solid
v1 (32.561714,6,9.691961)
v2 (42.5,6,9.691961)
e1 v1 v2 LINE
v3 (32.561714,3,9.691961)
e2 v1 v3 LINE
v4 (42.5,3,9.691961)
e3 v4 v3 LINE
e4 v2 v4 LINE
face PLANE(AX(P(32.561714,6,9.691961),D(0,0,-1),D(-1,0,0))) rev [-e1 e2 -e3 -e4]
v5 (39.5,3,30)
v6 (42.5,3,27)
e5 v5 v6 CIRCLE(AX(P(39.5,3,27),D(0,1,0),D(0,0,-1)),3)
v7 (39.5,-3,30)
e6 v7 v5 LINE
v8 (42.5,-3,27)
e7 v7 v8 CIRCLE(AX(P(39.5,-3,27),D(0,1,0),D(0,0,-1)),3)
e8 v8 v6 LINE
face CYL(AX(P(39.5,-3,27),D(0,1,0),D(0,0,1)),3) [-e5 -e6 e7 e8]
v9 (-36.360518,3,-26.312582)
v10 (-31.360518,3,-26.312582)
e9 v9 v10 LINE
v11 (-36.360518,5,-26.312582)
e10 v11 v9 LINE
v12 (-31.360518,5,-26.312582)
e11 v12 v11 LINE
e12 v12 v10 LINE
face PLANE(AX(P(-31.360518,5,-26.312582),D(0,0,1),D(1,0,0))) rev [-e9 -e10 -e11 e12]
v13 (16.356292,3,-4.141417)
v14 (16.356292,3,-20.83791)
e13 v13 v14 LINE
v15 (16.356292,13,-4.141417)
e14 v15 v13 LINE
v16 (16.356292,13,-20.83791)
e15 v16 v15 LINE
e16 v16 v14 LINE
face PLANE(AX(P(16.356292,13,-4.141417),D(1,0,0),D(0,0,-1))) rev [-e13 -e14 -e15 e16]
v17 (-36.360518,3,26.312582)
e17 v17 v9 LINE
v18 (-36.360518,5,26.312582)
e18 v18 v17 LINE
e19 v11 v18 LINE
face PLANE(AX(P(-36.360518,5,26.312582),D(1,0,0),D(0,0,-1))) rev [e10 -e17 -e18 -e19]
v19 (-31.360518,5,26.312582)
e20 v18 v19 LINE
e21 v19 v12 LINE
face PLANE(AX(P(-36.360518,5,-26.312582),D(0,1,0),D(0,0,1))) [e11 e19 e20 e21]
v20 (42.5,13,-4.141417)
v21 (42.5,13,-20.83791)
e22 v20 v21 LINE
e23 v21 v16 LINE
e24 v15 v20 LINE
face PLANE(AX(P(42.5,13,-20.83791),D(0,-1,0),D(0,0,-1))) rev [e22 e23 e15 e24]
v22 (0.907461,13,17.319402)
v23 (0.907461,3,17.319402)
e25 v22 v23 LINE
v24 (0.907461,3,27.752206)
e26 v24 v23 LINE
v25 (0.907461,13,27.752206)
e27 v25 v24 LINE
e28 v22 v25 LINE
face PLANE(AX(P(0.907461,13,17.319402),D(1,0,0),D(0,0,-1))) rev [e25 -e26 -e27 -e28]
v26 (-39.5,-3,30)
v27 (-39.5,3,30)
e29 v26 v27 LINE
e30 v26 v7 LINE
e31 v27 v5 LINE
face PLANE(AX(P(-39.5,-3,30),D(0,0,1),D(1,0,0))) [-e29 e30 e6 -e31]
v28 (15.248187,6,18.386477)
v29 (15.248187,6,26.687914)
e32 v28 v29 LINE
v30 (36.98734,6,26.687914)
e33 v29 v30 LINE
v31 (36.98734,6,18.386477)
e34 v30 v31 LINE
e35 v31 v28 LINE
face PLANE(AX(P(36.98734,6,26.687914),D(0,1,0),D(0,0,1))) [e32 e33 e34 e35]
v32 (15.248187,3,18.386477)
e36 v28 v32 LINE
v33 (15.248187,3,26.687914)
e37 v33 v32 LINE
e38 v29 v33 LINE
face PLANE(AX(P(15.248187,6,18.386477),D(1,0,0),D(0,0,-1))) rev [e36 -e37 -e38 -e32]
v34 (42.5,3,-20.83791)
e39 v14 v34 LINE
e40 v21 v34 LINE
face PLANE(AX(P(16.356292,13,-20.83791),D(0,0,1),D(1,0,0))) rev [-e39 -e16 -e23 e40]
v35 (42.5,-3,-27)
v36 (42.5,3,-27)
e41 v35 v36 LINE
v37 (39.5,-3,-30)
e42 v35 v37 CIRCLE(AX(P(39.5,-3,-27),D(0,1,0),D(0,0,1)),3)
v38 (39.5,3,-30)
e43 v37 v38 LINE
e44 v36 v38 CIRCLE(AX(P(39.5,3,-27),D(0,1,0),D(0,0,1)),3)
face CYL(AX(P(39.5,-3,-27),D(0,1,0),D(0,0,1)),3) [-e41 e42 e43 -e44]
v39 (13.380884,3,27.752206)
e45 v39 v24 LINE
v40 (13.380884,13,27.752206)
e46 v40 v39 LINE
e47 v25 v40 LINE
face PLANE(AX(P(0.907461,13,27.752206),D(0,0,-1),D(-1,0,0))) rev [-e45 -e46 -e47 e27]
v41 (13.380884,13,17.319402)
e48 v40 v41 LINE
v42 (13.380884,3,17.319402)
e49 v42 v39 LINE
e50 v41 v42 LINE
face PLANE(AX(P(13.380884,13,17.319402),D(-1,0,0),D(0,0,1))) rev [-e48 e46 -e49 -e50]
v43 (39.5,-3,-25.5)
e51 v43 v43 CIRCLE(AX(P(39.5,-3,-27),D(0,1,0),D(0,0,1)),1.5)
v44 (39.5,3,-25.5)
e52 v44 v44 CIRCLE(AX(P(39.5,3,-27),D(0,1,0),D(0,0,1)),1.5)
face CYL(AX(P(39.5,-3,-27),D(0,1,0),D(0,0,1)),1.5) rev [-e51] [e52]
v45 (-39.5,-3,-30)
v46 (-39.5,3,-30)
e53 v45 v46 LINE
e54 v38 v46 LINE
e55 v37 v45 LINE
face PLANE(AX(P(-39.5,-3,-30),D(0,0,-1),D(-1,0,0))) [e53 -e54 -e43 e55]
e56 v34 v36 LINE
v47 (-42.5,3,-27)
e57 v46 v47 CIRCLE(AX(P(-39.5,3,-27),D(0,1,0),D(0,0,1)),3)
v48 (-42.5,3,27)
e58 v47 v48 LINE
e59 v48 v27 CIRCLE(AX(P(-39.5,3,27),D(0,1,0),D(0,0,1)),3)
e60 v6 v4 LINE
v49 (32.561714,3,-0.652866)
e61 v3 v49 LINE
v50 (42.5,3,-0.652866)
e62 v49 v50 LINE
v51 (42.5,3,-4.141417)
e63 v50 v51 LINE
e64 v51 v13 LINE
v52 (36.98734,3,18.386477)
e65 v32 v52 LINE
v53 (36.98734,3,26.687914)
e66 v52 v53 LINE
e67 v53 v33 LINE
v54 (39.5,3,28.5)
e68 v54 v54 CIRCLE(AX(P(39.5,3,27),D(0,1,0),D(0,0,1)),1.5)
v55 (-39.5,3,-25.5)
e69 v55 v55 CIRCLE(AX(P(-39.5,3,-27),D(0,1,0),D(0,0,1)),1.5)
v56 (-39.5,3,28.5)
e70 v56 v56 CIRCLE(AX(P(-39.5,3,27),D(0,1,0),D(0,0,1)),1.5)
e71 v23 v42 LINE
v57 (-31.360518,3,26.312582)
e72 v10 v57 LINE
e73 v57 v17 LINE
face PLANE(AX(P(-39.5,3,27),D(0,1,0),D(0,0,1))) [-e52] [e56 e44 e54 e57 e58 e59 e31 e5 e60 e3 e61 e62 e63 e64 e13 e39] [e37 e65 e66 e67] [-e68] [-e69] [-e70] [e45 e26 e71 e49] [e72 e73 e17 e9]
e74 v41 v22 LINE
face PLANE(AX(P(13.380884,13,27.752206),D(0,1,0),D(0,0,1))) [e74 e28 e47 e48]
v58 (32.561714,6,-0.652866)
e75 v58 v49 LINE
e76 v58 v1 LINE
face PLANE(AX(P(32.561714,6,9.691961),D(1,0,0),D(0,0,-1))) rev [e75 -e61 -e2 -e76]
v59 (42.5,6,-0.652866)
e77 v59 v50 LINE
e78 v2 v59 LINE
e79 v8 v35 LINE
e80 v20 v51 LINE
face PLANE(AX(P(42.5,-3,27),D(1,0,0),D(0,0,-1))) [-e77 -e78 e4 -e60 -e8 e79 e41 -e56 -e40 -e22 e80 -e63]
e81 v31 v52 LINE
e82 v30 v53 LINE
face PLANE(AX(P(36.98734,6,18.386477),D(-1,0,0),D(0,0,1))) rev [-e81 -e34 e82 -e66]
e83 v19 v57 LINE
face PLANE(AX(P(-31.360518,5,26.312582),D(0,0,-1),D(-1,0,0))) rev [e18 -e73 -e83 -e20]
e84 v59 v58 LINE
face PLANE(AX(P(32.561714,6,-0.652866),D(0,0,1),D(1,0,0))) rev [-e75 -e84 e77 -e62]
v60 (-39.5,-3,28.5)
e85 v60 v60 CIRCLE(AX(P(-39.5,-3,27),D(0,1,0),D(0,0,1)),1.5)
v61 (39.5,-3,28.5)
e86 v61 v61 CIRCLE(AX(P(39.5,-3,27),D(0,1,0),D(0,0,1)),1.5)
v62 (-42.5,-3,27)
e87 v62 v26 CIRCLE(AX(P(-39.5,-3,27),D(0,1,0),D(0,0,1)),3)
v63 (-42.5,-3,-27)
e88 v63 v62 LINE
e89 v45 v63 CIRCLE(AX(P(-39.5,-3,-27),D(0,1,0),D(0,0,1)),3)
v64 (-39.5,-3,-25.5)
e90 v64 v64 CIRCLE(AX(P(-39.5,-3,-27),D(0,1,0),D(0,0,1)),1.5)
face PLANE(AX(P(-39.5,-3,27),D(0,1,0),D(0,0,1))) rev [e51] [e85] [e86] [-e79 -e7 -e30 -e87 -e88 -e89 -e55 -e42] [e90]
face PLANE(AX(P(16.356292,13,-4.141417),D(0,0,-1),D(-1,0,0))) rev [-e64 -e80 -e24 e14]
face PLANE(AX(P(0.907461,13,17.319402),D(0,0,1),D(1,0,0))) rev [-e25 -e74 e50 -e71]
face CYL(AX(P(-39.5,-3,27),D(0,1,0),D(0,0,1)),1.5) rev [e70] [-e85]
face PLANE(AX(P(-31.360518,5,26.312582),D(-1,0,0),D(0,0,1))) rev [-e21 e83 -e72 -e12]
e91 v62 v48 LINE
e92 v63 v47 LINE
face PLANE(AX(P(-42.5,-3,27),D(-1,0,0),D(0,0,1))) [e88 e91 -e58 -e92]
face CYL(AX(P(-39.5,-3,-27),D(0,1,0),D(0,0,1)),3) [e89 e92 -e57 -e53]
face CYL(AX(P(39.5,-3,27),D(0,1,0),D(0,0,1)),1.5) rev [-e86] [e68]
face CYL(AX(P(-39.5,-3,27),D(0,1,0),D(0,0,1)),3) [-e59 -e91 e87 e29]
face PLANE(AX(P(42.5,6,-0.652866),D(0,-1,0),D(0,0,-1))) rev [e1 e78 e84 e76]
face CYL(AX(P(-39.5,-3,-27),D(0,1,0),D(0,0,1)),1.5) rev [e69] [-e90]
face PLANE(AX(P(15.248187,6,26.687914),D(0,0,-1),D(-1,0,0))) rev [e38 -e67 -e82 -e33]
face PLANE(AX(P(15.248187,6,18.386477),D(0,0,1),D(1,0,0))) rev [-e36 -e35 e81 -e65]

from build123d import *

# Parameters (mm, degrees)
BOSS_EXTRUDE1_DEPTH      = 3
BOSS_EXTRUDE1_DEPTH_BACK = 3
SKETCH1_R                = 1.5
SKETCH2_W                = 5
SKETCH2_H                = 52.625164332
BOSS_EXTRUDE2_DEPTH      = 5
SKETCH3_W                = 26.14370814
SKETCH3_H                = 16.696493178
BOSS_EXTRUDE3_DEPTH      = 13
SKETCH4_W                = 9.938286277
SKETCH4_H                = 10.344826846
BOSS_EXTRUDE4_DEPTH      = 6
SKETCH5_W                = 12.473423639
SKETCH5_H                = 10.432804083
BOSS_EXTRUDE5_DEPTH      = 13
SKETCH6_W                = 21.73915334
SKETCH6_H                = 8.30143682
BOSS_EXTRUDE6_DEPTH      = 6


with BuildPart() as part:
    # Sketch1 → Boss-Extrude1 (new, two sides: drawn at the far end of the back side and taken through both)
    with BuildSketch(Plane(origin=(0, 0, 0), x_dir=(1, 0, 0), z_dir=(0, 1, 0)).offset(-BOSS_EXTRUDE1_DEPTH_BACK)):
        with BuildLine():
            Line((-39.5, -30), (39.5, -30))
            ThreePointArc((39.5, -30), (41.621320344, -29.121320344), (42.5, -27))
            Line((42.5, -27), (42.5, 27))
            ThreePointArc((42.5, 27), (41.621320344, 29.121320344), (39.5, 30))
            Line((39.5, 30), (-39.5, 30))
            ThreePointArc((-39.5, 30), (-41.621320344, 29.121320344), (-42.5, 27))
            Line((-42.5, 27), (-42.5, -27))
            ThreePointArc((-42.5, -27), (-41.621320344, -29.121320344), (-39.5, -30))
        make_face()
        with Locations((-39.5, 27)):
            Circle(SKETCH1_R, mode=Mode.SUBTRACT)
        with Locations((39.5, 27)):
            Circle(SKETCH1_R, mode=Mode.SUBTRACT)
        with Locations((39.5, -27)):
            Circle(SKETCH1_R, mode=Mode.SUBTRACT)
        with Locations((-39.5, -27)):
            Circle(SKETCH1_R, mode=Mode.SUBTRACT)
    extrude(amount=BOSS_EXTRUDE1_DEPTH + BOSS_EXTRUDE1_DEPTH_BACK)

    # Sketch2 → Boss-Extrude2 (add)
    with BuildSketch(Plane(origin=(0, 0, 0), x_dir=(1, 0, 0), z_dir=(0, 1, 0))):
        with Locations((-33.860518443, 0)):
            Rectangle(SKETCH2_W, SKETCH2_H)
    extrude(amount=BOSS_EXTRUDE2_DEPTH)

    # Sketch3 → Boss-Extrude3 (add)
    with BuildSketch(Plane(origin=(0, 0, 0), x_dir=(1, 0, 0), z_dir=(0, 1, 0))):
        with Locations((29.42814593, 12.489663364)):
            Rectangle(SKETCH3_W, SKETCH3_H)
    extrude(amount=BOSS_EXTRUDE3_DEPTH)

    # Sketch4 → Boss-Extrude4 (add)
    with BuildSketch(Plane(origin=(0, 0, 0), x_dir=(1, 0, 0), z_dir=(0, 1, 0))):
        with Locations((37.530856861, -4.519547668)):
            Rectangle(SKETCH4_W, SKETCH4_H)
    extrude(amount=BOSS_EXTRUDE4_DEPTH)

    # Sketch5 → Boss-Extrude5 (add)
    with BuildSketch(Plane(origin=(0, 0, 0), x_dir=(1, 0, 0), z_dir=(0, 1, 0))):
        with Locations((7.14417266, -22.535803866)):
            Rectangle(SKETCH5_W, SKETCH5_H)
    extrude(amount=BOSS_EXTRUDE5_DEPTH)

    # Sketch6 → Boss-Extrude6 (add)
    with BuildSketch(Plane(origin=(0, 0, 0), x_dir=(1, 0, 0), z_dir=(0, 1, 0))):
        with Locations((26.117763778, -22.537195349)):
            Rectangle(SKETCH6_W, SKETCH6_H)
    extrude(amount=BOSS_EXTRUDE6_DEPTH)


solid = part.part
